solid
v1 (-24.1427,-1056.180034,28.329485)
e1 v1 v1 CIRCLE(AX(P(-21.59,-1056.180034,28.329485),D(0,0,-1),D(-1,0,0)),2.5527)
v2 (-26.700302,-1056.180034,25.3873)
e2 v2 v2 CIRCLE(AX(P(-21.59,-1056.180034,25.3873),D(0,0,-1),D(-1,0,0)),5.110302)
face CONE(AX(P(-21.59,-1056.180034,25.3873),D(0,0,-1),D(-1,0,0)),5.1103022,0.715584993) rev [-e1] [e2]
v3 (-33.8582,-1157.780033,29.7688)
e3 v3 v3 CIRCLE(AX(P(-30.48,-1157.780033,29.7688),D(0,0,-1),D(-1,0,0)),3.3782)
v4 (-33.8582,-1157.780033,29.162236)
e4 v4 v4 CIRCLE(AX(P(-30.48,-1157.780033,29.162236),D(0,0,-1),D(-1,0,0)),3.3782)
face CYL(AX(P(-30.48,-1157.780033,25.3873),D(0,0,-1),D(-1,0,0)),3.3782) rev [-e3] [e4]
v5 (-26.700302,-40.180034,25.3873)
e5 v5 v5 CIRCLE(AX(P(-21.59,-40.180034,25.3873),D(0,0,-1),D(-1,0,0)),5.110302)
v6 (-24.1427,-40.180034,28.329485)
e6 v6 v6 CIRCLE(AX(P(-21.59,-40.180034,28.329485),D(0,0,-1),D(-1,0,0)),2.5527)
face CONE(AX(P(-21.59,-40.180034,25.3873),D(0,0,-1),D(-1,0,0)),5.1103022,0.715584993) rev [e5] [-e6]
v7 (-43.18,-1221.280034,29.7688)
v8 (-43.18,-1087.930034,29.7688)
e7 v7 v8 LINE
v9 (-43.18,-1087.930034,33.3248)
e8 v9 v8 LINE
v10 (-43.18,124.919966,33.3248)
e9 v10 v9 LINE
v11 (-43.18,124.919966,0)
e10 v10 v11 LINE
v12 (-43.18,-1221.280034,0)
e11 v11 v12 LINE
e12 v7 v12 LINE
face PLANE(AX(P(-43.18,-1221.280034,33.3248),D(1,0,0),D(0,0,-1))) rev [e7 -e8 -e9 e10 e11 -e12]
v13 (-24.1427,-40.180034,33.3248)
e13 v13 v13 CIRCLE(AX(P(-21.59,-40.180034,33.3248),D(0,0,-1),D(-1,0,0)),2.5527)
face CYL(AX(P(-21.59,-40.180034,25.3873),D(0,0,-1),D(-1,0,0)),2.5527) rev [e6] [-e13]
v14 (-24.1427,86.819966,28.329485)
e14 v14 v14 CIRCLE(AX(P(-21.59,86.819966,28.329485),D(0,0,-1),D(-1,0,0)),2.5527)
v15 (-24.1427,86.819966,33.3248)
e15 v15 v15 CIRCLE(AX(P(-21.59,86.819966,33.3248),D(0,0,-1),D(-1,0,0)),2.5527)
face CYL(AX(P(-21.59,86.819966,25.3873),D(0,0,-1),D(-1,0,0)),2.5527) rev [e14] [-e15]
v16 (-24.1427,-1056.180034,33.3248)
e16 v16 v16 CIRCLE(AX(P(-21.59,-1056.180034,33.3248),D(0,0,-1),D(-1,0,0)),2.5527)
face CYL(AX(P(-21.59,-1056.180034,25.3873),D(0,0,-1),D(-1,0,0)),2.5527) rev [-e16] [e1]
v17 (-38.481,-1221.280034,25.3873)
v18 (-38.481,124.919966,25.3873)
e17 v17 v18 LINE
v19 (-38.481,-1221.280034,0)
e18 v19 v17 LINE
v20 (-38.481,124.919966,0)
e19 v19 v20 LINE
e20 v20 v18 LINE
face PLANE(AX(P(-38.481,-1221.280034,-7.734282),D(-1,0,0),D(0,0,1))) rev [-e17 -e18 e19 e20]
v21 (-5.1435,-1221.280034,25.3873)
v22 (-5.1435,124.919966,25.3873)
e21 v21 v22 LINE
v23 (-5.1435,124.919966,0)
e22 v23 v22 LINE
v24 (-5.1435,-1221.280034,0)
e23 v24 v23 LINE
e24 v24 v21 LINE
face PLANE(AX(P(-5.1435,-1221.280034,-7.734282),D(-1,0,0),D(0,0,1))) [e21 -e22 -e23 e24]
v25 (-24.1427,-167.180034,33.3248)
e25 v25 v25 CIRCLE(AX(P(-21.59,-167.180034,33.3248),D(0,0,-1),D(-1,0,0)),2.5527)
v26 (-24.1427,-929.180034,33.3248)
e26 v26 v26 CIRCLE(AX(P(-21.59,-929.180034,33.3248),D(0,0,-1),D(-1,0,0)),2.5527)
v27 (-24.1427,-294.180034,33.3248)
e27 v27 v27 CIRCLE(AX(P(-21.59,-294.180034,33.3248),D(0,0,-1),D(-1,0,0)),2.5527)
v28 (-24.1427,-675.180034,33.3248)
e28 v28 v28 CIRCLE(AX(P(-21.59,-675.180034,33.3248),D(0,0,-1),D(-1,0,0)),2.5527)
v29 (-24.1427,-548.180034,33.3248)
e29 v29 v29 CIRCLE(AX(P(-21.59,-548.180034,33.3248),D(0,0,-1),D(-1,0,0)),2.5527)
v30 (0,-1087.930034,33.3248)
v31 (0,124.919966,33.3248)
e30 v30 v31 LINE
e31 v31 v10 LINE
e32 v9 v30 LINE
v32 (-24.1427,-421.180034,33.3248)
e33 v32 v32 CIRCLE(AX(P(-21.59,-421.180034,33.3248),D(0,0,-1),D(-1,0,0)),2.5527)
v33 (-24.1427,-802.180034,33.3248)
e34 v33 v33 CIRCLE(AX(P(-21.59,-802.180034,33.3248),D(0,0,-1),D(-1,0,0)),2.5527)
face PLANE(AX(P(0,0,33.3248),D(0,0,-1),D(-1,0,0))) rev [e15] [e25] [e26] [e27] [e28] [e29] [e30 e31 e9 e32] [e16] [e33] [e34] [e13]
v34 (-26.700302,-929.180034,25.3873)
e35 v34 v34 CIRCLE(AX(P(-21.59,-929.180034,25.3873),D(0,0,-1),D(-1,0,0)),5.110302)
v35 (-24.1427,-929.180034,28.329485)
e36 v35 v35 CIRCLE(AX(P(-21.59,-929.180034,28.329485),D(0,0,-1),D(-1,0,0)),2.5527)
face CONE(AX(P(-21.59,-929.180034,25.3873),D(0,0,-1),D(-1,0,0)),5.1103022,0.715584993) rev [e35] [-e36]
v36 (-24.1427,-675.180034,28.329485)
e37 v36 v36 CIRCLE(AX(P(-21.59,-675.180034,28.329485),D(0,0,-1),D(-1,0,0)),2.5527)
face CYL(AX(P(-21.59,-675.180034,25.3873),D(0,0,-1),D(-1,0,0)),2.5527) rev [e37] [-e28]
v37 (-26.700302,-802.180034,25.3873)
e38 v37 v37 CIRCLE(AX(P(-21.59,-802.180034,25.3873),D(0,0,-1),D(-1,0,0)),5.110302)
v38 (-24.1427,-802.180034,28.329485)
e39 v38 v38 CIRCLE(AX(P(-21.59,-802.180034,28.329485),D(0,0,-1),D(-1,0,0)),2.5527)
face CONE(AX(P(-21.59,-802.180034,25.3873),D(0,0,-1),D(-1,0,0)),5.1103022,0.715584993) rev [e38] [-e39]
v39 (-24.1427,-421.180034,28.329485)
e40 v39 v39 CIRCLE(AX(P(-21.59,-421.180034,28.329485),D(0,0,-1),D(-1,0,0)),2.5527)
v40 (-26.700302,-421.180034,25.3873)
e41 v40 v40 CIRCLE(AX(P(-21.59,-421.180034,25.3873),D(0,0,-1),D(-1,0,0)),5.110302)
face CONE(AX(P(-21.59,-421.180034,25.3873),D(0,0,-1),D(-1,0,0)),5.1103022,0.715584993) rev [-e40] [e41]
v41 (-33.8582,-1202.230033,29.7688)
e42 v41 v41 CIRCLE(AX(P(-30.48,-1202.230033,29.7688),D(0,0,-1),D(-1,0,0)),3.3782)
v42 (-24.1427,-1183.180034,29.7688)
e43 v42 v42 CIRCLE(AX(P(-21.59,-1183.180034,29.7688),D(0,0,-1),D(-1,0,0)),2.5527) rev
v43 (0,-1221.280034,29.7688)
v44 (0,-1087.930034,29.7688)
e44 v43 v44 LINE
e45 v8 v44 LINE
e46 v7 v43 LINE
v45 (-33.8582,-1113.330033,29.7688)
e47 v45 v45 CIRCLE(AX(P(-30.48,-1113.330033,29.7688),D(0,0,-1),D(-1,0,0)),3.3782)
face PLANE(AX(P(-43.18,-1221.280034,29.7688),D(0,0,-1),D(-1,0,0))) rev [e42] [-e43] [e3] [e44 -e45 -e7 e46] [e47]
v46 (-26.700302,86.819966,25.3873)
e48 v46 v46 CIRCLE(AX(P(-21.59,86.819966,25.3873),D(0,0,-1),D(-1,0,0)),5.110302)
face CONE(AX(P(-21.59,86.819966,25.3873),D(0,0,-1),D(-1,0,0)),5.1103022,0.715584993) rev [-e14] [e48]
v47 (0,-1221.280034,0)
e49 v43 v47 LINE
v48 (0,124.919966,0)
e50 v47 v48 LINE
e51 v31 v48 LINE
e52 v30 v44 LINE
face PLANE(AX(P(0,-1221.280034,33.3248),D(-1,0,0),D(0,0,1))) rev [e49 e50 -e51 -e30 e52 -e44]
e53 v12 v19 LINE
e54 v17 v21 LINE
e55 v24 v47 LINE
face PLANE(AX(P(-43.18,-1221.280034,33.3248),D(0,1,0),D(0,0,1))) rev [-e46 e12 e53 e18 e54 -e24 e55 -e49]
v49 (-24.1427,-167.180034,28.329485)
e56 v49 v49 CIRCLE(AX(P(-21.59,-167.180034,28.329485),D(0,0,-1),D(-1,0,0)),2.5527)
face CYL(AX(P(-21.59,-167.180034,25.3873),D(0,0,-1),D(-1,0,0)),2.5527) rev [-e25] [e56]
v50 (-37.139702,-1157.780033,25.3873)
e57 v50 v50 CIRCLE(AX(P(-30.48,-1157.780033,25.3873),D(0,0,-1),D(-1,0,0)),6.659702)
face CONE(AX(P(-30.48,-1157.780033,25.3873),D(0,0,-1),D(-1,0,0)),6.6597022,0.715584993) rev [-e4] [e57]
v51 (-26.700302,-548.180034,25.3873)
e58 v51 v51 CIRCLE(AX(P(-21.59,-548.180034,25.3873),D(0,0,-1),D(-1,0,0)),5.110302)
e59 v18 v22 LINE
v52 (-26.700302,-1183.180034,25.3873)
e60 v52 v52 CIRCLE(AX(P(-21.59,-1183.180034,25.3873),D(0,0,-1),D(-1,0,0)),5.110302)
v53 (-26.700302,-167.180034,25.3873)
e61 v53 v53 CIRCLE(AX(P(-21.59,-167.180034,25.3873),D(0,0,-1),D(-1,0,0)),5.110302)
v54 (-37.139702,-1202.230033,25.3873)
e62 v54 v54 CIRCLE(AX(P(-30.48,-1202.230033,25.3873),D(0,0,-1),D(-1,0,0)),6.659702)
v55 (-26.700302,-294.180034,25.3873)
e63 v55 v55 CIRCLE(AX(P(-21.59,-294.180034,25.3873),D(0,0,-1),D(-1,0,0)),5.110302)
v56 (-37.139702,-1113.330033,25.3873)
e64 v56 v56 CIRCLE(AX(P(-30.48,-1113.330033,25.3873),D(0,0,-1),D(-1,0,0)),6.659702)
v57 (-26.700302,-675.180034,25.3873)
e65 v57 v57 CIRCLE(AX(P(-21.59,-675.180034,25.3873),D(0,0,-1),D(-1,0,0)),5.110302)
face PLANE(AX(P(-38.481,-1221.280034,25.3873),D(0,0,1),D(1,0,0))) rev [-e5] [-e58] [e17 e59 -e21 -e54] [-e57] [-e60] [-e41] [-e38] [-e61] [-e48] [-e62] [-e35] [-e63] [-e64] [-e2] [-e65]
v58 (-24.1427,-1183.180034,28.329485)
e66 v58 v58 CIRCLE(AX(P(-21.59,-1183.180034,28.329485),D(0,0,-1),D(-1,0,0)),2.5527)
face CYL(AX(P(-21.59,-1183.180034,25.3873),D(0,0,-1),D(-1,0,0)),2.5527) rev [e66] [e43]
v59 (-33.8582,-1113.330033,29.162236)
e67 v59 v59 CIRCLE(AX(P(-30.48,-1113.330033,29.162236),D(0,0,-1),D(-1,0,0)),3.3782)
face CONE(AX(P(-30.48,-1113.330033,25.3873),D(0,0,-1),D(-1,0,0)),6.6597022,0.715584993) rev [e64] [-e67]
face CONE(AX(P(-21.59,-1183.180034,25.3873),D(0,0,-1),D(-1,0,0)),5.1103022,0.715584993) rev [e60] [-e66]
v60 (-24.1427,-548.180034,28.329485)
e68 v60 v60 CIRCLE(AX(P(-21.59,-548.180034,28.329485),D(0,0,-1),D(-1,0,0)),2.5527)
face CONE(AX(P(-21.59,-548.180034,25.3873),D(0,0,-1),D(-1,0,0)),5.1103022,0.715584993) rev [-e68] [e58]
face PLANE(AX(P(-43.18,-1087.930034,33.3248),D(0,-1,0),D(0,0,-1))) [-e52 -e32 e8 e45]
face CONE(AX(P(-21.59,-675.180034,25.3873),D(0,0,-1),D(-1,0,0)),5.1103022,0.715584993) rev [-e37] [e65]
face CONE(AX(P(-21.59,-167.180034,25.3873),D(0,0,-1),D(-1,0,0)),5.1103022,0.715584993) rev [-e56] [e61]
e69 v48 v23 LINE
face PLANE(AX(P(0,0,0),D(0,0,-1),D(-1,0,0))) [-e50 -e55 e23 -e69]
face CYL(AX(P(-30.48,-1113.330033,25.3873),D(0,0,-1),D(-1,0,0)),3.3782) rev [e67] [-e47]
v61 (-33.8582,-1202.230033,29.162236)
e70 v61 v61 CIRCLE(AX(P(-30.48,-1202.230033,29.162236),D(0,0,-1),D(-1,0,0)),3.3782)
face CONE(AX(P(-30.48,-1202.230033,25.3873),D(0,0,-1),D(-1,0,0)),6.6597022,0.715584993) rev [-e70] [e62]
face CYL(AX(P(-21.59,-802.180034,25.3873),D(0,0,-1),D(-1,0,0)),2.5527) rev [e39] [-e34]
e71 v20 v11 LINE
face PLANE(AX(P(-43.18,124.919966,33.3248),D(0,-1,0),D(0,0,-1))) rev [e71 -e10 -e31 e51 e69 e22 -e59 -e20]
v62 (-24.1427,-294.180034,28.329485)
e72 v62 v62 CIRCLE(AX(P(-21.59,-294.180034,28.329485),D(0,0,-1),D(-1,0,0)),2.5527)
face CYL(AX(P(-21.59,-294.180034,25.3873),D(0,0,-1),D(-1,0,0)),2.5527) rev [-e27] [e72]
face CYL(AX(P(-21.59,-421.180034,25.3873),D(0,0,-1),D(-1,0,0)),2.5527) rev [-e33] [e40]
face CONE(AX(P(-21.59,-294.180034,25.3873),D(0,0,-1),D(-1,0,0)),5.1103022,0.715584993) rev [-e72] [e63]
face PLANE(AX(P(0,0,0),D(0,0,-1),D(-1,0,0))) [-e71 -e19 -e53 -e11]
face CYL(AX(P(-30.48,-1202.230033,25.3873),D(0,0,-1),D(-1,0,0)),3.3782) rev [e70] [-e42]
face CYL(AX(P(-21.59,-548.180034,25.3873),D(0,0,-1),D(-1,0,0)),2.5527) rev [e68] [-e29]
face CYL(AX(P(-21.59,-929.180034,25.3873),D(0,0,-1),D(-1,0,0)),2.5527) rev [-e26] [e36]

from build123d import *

# Parameters (mm, degrees)
SKETCH1_W                                        = 43.18
SKETCH1_H                                        = 1346.2
BOSS_EXTRUDE1_DEPTH                              = 33.3248
SKETCH9_W                                        = 33.3375
SKETCH9_H                                        = 33.121582444
CUT_EXTRUDE1_DEPTH                               = 1348.304529308
CSK_FOR_10_FLAT_HEAD_MACHINE_SCREW3_D            = 5.1054
CSK_FOR_10_FLAT_HEAD_MACHINE_SCREW3_DEPTH        = 76.2
CSK_FOR_10_FLAT_HEAD_MACHINE_SCREW3_CSINK_D      = 10.2206044
CSK_FOR_10_FLAT_HEAD_MACHINE_SCREW3_CSINK_ANGLE  = 82
CSK_FOR_10_FLAT_HEAD_MACHINE_SCREW3_TIP          = 1.533816902
SKETCH13_W                                       = 3.556
SKETCH13_H                                       = 133.35
CUT_EXTRUDE2_DEPTH                               = 1223.497433688
F_1_4_0_25_DIAMETER_HOLE1_D                      = 6.35
F_1_4_0_25_DIAMETER_HOLE1_DEPTH                  = 101.6
F_1_4_0_25_DIAMETER_HOLE1_TIP                    = 1.907732465
CSK_FOR_1_4_FLAT_HEAD_MACHINE_SCREW1_D           = 6.7564
CSK_FOR_1_4_FLAT_HEAD_MACHINE_SCREW1_CSINK_D     = 13.3194044
CSK_FOR_1_4_FLAT_HEAD_MACHINE_SCREW1_CSINK_ANGLE = 82


with BuildPart() as part:
    # Sketch1 → Boss-Extrude1 (new body)
    with BuildSketch(Plane.XY):
        with Locations((-21.59, -548.180033686)):
            Rectangle(SKETCH1_W, SKETCH1_H)
    extrude(amount=BOSS_EXTRUDE1_DEPTH)

    # Sketch9 → Cut-Extrude1 (cut, through all)
    with BuildSketch(Plane(origin=(0, 124.919966314, 0), x_dir=(1, 0, 0), z_dir=(0, 1, 0))):
        with Locations((-21.81225, -8.826508778)):
            Rectangle(SKETCH9_W, SKETCH9_H)
    extrude(amount=-CUT_EXTRUDE1_DEPTH, mode=Mode.SUBTRACT)

    # CSK for #10 Flat Head Machine Screw3
    with Locations(Plane(origin=(0, 0, 25.3873), x_dir=(-1, 0, 0), z_dir=(0, 0, -1))):
        with Locations((21.59, -1183.180033686), (21.59, -1056.180033686), (21.59, -929.180033686), (21.59, -802.180033686), (21.59, -675.180033686), (21.59, -548.180033686), (21.59, -421.180033686), (21.59, -294.180033686), (21.59, -167.180033686), (21.59, -40.180033686), (21.59, 86.819966314)):
            CounterSinkHole(CSK_FOR_10_FLAT_HEAD_MACHINE_SCREW3_D / 2, CSK_FOR_10_FLAT_HEAD_MACHINE_SCREW3_CSINK_D / 2, depth=CSK_FOR_10_FLAT_HEAD_MACHINE_SCREW3_DEPTH, counter_sink_angle=CSK_FOR_10_FLAT_HEAD_MACHINE_SCREW3_CSINK_ANGLE)
            with Locations((0, 0, -(CSK_FOR_10_FLAT_HEAD_MACHINE_SCREW3_DEPTH + CSK_FOR_10_FLAT_HEAD_MACHINE_SCREW3_TIP / 2))):  # 118° drill point
                Cone(0, CSK_FOR_10_FLAT_HEAD_MACHINE_SCREW3_D / 2, CSK_FOR_10_FLAT_HEAD_MACHINE_SCREW3_TIP, mode=Mode.SUBTRACT)

    # Sketch13 → Cut-Extrude2 (cut, through all)
    with BuildSketch(Plane(origin=(0, 0, 0), x_dir=(0, 0, -1), z_dir=(1, 0, 0))):
        with Locations((-31.5468, -1154.605033686)):
            Rectangle(SKETCH13_W, SKETCH13_H)
    extrude(amount=-CUT_EXTRUDE2_DEPTH, mode=Mode.SUBTRACT)

    # 1/4 (0.25) Diameter Hole1
    with Locations(Plane(origin=(239.606310056, -1806.580108517, 74.980799953), x_dir=(1.0, -1.0349876365418451e-08, -1.6518326251249117e-10), z_dir=(1.651832625124912e-10, 0, 1.0))):
        with Locations((-270.086317003, 693.250072448), (-231.986317003, 693.250072747), (-270.086316654, 648.800072448), (-231.986316654, 648.800072747), (-270.086316305, 604.350072448), (-231.986316305, 604.350072747)):
            Hole(F_1_4_0_25_DIAMETER_HOLE1_D / 2, depth=F_1_4_0_25_DIAMETER_HOLE1_DEPTH)
            with Locations((0, 0, -(F_1_4_0_25_DIAMETER_HOLE1_DEPTH + F_1_4_0_25_DIAMETER_HOLE1_TIP / 2))):  # 118° drill point
                Cone(0, F_1_4_0_25_DIAMETER_HOLE1_D / 2, F_1_4_0_25_DIAMETER_HOLE1_TIP, mode=Mode.SUBTRACT)

    # CSK for 1/4 Flat Head Machine Screw1 (through all)
    with Locations(Plane(origin=(0, 0, 25.3873), x_dir=(-1, 0, 0), z_dir=(0, 0, -1))):
        with Locations((30.47999989, -1157.780033273), (30.480000001, -1202.230033273), (30.479999779, -1113.330033273)):
            CounterSinkHole(CSK_FOR_1_4_FLAT_HEAD_MACHINE_SCREW1_D / 2, CSK_FOR_1_4_FLAT_HEAD_MACHINE_SCREW1_CSINK_D / 2, counter_sink_angle=CSK_FOR_1_4_FLAT_HEAD_MACHINE_SCREW1_CSINK_ANGLE)


solid = part.part
